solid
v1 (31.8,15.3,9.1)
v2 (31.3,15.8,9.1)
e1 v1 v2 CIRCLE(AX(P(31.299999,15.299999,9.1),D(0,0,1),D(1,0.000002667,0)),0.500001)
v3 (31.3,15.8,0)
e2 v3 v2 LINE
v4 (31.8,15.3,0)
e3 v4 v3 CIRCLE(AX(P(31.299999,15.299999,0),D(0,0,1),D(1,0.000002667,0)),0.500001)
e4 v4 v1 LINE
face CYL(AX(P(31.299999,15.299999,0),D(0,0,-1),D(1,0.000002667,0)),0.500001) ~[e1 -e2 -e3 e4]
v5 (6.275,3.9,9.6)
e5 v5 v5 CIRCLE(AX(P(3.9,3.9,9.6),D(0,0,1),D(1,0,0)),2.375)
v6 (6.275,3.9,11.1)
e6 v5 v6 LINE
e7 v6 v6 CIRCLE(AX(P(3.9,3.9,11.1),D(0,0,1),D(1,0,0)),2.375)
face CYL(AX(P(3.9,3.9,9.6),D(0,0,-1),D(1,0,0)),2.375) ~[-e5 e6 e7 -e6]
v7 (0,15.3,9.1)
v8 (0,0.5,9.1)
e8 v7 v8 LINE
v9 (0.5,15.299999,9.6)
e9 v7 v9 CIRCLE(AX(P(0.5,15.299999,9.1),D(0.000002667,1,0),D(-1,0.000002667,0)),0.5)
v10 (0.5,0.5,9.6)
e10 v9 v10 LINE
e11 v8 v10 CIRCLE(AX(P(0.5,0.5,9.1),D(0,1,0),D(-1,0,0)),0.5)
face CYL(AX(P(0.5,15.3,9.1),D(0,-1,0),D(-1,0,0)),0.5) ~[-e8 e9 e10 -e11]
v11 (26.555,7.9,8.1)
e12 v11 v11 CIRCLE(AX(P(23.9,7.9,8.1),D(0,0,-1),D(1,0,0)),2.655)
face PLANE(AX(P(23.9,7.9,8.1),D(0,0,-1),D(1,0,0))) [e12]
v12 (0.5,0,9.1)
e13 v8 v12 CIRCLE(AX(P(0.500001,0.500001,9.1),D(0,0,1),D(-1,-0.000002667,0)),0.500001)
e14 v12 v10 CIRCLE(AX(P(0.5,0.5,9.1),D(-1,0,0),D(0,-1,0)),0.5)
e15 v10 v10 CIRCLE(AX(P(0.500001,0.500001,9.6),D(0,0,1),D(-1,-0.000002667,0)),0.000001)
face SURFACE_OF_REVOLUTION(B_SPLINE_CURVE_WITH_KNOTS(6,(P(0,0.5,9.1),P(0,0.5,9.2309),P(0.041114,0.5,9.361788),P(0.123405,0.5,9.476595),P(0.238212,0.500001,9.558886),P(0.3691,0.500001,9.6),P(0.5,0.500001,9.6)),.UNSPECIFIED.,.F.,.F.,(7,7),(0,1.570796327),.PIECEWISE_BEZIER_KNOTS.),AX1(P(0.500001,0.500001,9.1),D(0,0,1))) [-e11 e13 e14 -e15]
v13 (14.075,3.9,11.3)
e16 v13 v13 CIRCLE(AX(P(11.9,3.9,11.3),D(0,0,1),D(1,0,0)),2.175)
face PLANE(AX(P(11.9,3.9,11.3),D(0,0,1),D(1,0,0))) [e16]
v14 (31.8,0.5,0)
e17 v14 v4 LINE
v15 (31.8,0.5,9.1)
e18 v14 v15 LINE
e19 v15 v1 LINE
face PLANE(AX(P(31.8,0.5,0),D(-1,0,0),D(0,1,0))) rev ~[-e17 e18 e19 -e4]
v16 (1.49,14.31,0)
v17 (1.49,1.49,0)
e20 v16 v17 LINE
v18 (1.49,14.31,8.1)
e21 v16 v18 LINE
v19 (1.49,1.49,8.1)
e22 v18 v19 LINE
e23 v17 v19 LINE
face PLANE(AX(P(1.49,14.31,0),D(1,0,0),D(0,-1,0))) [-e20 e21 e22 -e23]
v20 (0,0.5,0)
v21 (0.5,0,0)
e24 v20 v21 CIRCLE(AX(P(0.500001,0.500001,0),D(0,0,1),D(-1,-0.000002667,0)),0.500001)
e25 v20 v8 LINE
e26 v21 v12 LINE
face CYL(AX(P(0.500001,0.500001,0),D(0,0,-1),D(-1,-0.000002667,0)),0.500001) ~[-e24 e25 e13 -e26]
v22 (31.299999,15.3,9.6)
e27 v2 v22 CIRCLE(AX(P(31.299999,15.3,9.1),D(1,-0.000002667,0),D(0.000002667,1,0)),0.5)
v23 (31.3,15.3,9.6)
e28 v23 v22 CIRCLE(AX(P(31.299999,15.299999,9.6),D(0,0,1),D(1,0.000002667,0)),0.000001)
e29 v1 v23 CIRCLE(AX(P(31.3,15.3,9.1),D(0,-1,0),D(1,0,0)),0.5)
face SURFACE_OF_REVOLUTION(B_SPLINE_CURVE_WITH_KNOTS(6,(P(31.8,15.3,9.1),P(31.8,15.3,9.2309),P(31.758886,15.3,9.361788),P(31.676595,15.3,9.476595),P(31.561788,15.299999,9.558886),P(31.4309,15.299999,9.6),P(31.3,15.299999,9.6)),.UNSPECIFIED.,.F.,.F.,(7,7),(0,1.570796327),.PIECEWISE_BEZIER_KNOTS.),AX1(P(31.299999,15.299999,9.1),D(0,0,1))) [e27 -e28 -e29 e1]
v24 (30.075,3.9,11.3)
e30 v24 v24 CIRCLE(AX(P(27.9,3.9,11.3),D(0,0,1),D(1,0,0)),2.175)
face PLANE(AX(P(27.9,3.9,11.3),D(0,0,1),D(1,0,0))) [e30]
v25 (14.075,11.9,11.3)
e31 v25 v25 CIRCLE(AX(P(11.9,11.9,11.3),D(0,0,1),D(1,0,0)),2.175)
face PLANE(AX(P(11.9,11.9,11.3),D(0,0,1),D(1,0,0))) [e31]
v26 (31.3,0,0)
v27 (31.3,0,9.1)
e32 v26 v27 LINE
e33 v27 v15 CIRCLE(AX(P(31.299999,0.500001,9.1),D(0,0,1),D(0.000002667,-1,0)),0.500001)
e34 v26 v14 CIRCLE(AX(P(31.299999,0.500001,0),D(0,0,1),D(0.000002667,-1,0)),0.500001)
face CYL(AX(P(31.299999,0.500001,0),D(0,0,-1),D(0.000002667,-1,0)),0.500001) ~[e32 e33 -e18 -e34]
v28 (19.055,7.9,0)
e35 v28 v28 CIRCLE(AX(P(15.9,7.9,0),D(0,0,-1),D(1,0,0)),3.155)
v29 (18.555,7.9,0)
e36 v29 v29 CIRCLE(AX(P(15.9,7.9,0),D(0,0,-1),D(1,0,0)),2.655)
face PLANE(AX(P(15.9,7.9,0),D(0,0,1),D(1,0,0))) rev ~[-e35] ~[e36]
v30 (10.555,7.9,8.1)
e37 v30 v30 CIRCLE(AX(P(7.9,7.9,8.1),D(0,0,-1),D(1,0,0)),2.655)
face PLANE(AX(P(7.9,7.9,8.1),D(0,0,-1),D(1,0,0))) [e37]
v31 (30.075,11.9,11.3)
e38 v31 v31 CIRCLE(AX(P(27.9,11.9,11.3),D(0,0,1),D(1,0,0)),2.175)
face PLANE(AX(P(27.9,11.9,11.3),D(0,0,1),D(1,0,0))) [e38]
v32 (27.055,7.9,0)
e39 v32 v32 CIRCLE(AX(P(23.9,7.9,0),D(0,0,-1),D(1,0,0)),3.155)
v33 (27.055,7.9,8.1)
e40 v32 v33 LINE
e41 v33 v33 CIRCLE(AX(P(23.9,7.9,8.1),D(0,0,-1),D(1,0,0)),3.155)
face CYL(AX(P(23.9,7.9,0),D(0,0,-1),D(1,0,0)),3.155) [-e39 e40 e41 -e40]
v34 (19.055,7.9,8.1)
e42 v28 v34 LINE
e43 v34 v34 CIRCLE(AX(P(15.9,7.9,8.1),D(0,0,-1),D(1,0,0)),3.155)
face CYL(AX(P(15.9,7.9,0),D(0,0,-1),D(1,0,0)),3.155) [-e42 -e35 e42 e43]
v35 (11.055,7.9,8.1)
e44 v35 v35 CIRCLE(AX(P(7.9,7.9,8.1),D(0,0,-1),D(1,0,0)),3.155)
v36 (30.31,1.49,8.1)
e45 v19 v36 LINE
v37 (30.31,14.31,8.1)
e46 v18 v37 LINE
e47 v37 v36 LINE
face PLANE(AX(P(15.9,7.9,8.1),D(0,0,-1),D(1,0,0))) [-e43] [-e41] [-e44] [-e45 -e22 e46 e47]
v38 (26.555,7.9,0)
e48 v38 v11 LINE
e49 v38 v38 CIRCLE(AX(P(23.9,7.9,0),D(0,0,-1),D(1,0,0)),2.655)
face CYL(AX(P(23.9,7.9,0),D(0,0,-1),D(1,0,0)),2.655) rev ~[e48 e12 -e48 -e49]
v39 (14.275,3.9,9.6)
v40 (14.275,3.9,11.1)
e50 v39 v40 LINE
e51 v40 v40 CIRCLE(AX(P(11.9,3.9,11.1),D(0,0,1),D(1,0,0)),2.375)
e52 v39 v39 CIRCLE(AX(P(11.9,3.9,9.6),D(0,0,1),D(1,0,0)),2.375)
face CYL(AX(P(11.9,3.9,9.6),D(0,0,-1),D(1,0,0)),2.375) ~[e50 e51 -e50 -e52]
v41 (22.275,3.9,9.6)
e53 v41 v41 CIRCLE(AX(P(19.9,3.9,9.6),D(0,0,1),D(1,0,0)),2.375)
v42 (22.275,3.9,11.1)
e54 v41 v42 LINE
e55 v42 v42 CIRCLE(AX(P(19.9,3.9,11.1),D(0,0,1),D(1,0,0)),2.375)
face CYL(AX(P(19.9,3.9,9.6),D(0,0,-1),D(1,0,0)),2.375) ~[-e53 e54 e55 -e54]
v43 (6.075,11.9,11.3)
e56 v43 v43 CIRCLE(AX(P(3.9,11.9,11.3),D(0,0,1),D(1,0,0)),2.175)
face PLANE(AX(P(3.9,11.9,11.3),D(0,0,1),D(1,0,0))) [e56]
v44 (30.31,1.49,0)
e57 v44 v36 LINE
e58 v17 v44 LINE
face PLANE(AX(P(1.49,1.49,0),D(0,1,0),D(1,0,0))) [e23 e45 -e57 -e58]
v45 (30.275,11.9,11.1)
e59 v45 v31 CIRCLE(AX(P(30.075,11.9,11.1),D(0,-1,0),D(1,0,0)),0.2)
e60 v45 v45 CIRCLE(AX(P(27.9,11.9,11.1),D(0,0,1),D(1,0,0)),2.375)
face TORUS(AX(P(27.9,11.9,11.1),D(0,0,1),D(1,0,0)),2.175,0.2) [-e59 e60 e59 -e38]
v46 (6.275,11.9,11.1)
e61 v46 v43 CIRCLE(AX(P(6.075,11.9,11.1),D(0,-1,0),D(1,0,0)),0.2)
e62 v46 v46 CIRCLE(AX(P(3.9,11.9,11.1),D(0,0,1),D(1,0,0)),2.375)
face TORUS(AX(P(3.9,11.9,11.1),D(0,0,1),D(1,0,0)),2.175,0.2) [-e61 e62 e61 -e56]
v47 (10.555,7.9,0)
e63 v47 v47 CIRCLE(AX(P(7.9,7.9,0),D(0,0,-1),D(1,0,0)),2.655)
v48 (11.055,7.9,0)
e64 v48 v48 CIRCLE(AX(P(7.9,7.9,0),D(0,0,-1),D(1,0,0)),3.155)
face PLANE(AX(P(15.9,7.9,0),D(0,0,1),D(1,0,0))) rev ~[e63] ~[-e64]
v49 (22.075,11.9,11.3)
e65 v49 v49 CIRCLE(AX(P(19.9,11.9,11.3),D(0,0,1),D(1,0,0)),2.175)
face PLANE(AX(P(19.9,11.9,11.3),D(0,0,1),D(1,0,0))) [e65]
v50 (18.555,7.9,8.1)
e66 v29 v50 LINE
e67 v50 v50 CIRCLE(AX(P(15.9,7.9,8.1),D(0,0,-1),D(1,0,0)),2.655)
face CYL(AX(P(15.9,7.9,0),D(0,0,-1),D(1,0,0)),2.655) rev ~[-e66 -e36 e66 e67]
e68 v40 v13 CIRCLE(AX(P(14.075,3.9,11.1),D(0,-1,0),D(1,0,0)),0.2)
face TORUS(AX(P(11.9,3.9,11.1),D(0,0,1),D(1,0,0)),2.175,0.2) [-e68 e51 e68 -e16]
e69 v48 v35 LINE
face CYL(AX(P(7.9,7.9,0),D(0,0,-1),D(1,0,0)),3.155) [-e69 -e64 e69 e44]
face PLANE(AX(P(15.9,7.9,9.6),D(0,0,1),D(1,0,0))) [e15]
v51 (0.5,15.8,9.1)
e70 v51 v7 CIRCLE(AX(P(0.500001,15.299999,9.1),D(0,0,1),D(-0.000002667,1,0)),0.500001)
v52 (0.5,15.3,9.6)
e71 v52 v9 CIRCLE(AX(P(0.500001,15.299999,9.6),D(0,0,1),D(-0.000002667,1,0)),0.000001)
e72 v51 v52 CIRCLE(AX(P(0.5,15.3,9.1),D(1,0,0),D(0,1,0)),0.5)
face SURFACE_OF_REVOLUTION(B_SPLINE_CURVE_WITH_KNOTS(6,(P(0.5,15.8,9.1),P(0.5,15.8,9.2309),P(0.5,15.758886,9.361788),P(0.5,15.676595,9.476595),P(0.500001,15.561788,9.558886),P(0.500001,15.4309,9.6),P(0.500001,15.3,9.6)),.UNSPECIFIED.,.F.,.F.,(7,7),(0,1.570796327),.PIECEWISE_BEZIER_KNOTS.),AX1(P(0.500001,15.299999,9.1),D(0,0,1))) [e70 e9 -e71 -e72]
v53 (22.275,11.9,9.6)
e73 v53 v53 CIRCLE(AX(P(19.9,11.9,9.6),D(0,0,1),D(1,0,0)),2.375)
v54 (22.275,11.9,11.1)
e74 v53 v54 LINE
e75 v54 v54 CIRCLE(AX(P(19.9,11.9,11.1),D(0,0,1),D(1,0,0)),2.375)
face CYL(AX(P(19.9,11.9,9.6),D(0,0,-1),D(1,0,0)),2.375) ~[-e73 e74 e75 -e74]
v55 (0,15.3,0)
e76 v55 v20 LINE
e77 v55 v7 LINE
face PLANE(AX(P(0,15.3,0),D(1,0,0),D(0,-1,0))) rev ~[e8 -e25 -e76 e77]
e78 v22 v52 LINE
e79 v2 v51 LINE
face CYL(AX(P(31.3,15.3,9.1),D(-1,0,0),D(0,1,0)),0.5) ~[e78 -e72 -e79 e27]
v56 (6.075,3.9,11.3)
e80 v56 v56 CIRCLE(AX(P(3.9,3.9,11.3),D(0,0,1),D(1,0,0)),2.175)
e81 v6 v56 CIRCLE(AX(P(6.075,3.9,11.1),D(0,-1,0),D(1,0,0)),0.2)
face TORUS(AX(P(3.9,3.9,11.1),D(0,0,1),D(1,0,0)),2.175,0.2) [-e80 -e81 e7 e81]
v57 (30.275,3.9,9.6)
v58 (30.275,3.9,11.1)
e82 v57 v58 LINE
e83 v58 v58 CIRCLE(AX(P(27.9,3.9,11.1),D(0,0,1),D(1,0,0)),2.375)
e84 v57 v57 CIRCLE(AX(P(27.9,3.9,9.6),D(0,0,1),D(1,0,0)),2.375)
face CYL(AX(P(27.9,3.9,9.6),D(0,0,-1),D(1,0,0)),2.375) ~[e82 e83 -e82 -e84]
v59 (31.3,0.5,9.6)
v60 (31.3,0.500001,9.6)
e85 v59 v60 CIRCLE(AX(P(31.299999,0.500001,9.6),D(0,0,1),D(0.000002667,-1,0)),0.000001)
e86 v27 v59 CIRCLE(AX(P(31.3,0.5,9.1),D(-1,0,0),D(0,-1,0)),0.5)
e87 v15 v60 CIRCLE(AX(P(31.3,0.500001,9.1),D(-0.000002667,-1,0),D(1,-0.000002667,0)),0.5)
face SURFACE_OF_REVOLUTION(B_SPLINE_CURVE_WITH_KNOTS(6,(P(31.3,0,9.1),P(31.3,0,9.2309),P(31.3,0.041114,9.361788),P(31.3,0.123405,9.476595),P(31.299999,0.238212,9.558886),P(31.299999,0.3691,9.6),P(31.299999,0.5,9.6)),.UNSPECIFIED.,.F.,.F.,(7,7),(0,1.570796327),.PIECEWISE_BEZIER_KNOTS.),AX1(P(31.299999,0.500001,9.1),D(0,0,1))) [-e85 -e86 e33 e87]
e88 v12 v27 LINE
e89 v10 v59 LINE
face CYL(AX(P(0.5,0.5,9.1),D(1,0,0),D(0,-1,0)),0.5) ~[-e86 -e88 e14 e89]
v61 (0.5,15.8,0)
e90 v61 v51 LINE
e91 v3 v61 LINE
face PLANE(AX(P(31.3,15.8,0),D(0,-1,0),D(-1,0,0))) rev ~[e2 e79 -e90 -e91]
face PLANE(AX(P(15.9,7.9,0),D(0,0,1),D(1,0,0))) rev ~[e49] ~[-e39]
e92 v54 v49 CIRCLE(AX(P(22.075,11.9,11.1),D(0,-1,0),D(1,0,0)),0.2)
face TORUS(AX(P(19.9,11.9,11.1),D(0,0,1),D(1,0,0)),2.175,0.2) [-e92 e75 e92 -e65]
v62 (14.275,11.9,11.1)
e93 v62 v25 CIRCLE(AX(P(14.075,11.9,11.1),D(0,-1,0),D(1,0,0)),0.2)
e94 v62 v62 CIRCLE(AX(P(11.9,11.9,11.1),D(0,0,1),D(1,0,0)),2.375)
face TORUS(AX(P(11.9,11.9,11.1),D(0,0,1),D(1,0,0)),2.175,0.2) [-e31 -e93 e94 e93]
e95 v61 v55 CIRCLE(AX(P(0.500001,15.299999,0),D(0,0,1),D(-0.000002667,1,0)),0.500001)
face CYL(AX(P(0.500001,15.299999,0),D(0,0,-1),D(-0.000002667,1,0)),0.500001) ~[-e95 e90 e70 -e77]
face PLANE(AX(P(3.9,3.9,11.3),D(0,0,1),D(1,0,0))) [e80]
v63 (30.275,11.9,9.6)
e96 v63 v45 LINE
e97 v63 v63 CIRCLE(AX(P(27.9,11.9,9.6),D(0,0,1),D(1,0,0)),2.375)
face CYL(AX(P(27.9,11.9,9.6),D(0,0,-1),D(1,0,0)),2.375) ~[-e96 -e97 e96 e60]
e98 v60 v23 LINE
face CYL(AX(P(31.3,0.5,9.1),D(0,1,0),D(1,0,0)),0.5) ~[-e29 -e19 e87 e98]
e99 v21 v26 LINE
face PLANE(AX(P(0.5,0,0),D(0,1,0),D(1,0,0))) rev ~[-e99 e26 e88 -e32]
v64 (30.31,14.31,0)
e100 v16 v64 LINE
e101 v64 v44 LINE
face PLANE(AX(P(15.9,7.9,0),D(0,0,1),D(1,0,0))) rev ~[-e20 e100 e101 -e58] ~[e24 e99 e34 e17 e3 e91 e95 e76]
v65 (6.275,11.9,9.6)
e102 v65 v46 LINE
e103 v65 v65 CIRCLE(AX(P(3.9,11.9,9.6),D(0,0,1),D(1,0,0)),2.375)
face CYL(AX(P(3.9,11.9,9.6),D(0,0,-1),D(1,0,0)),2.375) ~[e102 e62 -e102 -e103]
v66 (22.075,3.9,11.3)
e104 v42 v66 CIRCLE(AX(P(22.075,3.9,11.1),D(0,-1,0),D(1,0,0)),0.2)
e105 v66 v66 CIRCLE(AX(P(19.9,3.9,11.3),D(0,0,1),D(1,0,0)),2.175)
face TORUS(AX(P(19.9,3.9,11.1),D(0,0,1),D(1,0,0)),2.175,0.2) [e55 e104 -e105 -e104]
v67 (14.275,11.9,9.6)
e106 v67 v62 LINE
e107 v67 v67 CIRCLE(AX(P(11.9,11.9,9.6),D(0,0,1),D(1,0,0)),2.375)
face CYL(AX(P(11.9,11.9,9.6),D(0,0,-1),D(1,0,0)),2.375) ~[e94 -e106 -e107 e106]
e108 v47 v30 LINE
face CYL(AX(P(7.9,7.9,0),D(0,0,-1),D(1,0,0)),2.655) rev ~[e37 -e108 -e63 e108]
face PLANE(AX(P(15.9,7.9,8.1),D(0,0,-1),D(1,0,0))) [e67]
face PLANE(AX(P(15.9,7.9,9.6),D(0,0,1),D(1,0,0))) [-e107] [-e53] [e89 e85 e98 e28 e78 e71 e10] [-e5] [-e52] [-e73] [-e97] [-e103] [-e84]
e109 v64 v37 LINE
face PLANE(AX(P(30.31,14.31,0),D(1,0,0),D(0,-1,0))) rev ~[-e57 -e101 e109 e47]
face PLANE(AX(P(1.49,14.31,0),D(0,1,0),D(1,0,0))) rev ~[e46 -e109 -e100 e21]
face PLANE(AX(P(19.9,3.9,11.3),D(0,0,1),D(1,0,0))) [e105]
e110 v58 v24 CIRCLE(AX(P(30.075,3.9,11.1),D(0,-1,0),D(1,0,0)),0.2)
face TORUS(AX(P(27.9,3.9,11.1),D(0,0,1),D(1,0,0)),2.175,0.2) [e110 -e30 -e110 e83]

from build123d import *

# Parameters (mm, degrees)
F1_DEPTH = 9.6
F2_R     = 0.5
F3_R     = 2.375
F4_DEPTH = 1.7
F5_R     = 0.2
F6_W     = 28.82
F6_H     = 12.82
F6_R     = 3.155
F6_R_2   = 2.655
F7_DEPTH = 8.1


with BuildPart() as f1:
    # F0 (on Top) → F1 (new body)
    with BuildSketch(Plane.XY):
        with BuildLine():
            ThreePointArc((0, 0.5), (0.146447, 0.146447), (0.5, 0))
            Line((0.5, 0), (31.3, 0))
            ThreePointArc((31.3, 0), (31.653553, 0.146447), (31.8, 0.5))
            Line((31.8, 0.5), (31.8, 15.3))
            ThreePointArc((31.8, 15.3), (31.653553, 15.653553), (31.3, 15.8))
            Line((31.3, 15.8), (0.5, 15.8))
            ThreePointArc((0.5, 15.8), (0.146447, 15.653553), (0, 15.3))
            Line((0, 15.3), (0, 0.5))
        make_face()
    extrude(amount=F1_DEPTH)

    # F2
    f2_edges = [f1.edges().sort_by_distance(p)[0] for p in [
        (15.9, 0, 9.6),
    ]]
    fillet(f2_edges, radius=F2_R)

    # F3 (on face) → F4 (join)
    with BuildSketch(Plane.XY.offset(9.6)):
        with Locations((3.9, 3.9)):
            Circle(F3_R)
        with Locations((3.9, 11.9)):
            Circle(F3_R)
        with Locations((11.9, 3.9)):
            Circle(F3_R)
        with Locations((11.9, 11.9)):
            Circle(F3_R)
        with Locations((19.9, 3.9)):
            Circle(F3_R)
        with Locations((19.9, 11.9)):
            Circle(F3_R)
        with Locations((27.9, 3.9)):
            Circle(F3_R)
        with Locations((27.9, 11.9)):
            Circle(F3_R)
    extrude(amount=F4_DEPTH)

    # F5
    f5_edges = [f1.edges().sort_by_distance(p)[0] for p in [
        (1.525, 3.9, 11.3),
        (1.525, 11.9, 11.3),
        (9.525, 11.9, 11.3),
        (9.525, 3.9, 11.3),
        (17.525, 3.9, 11.3),
        (17.525, 11.9, 11.3),
        (25.525, 11.9, 11.3),
        (25.525, 3.9, 11.3),
    ]]
    fillet(f5_edges, radius=F5_R)

    # F6 (on face) → F7 (cut)
    with BuildSketch(Plane(origin=(0, 0, 0), x_dir=(1, 0, 0), z_dir=(0, 0, -1))):
        with Locations((15.9, -7.9)):
            Rectangle(F6_W, F6_H)
        with Locations((7.9, -7.9)):
            Circle(F6_R, mode=Mode.SUBTRACT)
        with Locations((15.9, -7.9)):
            Circle(F6_R, mode=Mode.SUBTRACT)
        with Locations((23.9, -7.9)):
            Circle(F6_R, mode=Mode.SUBTRACT)
        with Locations((7.9, -7.9)):
            Circle(F6_R_2)
        with Locations((15.9, -7.9)):
            Circle(F6_R_2)
        with Locations((23.9, -7.9)):
            Circle(F6_R_2)
    extrude(amount=-F7_DEPTH, mode=Mode.SUBTRACT)


solid = f1.part
